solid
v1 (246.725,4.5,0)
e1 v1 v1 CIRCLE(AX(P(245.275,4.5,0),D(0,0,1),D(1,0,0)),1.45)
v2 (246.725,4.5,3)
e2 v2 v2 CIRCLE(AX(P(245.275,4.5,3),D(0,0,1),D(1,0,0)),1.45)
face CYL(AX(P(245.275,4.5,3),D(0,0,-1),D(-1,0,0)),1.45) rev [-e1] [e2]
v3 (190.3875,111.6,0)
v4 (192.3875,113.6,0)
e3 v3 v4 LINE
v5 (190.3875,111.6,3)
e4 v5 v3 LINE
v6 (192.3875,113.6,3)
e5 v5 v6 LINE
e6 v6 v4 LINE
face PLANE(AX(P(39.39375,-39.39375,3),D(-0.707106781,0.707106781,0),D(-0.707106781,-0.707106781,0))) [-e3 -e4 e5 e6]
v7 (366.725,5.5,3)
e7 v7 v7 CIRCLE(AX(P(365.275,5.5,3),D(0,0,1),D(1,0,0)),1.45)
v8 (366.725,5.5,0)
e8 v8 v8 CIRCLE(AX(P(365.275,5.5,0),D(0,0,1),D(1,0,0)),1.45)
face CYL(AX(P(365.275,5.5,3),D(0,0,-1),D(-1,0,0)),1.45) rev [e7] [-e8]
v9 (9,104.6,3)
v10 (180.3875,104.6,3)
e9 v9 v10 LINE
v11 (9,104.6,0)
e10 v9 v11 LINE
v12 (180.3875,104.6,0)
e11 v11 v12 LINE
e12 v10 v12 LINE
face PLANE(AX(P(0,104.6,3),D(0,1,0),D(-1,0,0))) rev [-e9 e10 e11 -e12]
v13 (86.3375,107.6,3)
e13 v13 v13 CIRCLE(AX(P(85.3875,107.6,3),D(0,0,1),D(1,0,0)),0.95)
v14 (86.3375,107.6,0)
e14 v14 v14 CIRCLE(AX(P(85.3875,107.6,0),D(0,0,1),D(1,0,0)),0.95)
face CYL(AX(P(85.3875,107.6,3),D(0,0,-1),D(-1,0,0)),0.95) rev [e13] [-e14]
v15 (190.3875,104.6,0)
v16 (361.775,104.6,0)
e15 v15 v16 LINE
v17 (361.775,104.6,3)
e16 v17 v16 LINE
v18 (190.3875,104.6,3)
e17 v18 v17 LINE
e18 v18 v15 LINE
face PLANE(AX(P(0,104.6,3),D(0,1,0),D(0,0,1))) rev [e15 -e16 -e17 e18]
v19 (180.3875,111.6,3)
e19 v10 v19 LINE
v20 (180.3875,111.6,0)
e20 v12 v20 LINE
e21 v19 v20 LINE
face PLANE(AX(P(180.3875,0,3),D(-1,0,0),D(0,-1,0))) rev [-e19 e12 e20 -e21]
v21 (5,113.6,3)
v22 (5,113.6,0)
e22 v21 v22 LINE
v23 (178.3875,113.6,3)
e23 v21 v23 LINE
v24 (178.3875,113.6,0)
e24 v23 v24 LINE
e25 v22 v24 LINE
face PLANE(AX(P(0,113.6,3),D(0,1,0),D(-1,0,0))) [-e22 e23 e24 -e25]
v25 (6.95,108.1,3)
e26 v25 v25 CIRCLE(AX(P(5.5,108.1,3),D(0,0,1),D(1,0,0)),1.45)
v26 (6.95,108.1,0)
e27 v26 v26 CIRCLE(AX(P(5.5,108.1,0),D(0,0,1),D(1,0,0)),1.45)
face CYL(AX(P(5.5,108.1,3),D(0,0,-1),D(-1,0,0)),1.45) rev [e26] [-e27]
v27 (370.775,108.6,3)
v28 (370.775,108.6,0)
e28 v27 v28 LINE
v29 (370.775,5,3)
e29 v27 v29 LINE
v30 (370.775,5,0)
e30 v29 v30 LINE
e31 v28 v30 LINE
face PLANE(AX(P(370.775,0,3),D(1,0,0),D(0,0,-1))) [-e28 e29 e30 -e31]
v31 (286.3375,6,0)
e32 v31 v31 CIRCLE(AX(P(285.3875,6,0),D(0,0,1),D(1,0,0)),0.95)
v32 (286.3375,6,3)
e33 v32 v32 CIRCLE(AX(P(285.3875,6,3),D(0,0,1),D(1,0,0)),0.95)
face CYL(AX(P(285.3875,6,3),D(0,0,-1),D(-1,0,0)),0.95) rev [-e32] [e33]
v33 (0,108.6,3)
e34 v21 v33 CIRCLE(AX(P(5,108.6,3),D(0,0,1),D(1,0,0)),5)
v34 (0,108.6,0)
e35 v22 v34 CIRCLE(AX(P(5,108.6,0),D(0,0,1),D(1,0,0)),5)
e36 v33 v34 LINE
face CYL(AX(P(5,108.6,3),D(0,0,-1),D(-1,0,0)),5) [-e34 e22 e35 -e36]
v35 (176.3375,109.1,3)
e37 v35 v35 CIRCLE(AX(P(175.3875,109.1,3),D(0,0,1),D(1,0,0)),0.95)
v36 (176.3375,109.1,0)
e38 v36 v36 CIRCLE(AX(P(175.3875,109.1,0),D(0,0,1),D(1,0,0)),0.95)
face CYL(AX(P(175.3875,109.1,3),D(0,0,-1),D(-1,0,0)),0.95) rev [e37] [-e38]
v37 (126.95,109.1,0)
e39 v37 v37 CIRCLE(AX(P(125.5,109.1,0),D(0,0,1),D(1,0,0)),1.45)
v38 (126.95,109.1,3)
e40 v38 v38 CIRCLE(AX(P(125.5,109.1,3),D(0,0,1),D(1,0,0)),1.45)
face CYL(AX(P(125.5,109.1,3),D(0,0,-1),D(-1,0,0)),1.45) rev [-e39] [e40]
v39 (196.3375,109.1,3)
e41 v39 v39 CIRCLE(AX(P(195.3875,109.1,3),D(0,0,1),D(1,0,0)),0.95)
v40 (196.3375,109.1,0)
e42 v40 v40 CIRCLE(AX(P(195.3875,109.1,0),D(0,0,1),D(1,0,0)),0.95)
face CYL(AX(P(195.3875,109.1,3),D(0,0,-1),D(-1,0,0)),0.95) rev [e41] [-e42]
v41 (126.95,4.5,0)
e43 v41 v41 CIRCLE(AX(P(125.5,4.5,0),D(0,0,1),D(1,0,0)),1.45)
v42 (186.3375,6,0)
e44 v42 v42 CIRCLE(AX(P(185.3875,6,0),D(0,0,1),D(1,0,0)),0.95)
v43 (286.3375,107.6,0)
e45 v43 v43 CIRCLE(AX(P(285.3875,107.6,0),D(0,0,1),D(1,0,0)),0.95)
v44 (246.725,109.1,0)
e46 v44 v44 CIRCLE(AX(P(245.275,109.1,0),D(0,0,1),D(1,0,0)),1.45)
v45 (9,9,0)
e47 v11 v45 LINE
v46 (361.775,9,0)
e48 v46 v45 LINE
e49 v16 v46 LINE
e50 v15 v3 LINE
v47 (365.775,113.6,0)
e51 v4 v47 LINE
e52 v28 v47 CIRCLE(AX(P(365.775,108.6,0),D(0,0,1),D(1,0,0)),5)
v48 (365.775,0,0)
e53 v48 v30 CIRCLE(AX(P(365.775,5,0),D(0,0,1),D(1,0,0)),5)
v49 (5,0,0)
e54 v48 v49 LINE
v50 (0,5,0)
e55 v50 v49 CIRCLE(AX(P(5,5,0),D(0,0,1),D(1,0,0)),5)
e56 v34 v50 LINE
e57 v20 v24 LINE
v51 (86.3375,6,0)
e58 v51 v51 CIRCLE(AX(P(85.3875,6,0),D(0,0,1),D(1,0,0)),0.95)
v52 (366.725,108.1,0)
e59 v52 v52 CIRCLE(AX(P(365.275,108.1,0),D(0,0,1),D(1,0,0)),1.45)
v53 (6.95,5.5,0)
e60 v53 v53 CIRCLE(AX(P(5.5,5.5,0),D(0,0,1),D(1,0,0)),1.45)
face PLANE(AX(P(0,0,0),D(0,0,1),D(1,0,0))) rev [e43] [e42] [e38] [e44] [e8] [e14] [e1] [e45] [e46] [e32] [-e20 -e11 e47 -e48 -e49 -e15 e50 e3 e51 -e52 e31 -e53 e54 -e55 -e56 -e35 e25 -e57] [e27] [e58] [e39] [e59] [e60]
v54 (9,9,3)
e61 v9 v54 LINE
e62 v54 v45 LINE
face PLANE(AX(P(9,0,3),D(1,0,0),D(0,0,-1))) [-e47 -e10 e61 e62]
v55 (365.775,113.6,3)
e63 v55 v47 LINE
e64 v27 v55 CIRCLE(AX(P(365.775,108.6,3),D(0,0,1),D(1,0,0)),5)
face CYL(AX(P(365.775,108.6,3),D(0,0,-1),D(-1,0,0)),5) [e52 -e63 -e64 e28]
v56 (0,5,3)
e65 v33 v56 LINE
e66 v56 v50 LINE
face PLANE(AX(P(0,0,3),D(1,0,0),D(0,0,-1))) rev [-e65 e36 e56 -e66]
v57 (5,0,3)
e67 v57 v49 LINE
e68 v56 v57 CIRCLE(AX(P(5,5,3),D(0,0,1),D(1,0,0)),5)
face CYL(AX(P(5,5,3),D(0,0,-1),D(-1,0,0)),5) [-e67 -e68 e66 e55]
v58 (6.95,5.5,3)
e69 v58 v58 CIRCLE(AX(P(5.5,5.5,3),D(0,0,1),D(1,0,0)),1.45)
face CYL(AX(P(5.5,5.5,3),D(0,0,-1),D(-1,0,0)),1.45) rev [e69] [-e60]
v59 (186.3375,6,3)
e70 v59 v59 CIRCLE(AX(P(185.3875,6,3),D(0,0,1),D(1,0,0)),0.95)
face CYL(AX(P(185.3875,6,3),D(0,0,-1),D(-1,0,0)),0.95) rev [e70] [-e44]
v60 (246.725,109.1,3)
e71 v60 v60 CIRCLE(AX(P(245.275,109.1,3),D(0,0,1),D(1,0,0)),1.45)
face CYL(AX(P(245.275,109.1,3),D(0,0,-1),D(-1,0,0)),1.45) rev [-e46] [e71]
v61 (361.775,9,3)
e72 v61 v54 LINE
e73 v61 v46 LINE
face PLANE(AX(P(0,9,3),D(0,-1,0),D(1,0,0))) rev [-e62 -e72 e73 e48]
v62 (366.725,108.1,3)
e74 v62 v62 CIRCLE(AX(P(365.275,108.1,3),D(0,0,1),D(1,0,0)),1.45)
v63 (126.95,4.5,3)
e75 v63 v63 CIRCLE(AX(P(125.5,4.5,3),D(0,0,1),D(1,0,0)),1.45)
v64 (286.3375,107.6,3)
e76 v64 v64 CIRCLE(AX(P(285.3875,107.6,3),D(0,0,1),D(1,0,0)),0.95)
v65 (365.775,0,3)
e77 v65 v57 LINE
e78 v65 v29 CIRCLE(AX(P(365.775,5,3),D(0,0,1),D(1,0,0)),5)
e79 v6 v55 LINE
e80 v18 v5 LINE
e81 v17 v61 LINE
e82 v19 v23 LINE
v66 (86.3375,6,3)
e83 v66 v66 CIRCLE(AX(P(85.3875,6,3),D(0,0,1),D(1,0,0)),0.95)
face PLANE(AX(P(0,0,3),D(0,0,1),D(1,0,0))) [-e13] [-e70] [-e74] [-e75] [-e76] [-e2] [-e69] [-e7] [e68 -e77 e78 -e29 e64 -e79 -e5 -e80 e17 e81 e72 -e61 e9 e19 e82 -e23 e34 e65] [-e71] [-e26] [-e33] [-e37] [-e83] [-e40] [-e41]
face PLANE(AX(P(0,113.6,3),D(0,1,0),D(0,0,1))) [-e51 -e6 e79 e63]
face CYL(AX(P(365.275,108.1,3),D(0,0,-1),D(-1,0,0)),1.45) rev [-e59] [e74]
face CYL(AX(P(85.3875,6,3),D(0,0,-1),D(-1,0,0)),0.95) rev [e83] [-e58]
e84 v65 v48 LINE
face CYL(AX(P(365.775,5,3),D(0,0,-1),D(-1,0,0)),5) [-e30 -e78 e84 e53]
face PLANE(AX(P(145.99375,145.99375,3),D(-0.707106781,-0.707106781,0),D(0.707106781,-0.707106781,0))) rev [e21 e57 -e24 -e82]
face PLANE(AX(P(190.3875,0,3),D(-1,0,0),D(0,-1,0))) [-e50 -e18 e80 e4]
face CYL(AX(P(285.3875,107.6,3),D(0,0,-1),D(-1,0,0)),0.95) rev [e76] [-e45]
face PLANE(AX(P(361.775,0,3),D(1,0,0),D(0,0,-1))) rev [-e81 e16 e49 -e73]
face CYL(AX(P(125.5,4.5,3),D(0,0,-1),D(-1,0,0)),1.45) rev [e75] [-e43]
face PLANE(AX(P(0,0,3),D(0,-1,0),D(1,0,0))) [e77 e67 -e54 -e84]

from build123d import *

# Parameters (mm, degrees)
MODEL_R             = 1.45
MODEL_R_2           = 0.95
BOSS_EXTRUDE1_DEPTH = 3


with BuildPart() as part:
    # Model → Boss-Extrude1 (new body)
    with BuildSketch(Plane.XY):
        with BuildLine():
            Line((5, 113.6), (178.3875, 113.6))
            Line((178.3875, 113.6), (180.3875, 111.6))
            Line((180.3875, 111.6), (180.3875, 104.6))
            Line((180.3875, 104.6), (9, 104.6))
            Line((9, 104.6), (9, 9))
            Line((9, 9), (361.775, 9))
            Line((361.775, 9), (361.775, 104.6))
            Line((361.775, 104.6), (190.3875, 104.6))
            Line((190.3875, 104.6), (190.3875, 111.6))
            Line((190.3875, 111.6), (192.3875, 113.6))
            Line((192.3875, 113.6), (365.775, 113.6))
            ThreePointArc((365.775, 113.6), (369.310533906, 112.135533906), (370.775, 108.6))
            Line((370.775, 108.6), (370.775, 5))
            ThreePointArc((370.775, 5), (369.310533906, 1.464466094), (365.775, 0))
            Line((365.775, 0), (5, 0))
            ThreePointArc((5, 0), (1.464466094, 1.464466094), (0, 5))
            Line((0, 5), (0, 108.6))
            ThreePointArc((0, 108.6), (1.464466094, 112.135533906), (5, 113.6))
        make_face()
        with Locations((245.275, 109.1)):
            Circle(MODEL_R, mode=Mode.SUBTRACT)
        with Locations((125.5, 109.1)):
            Circle(MODEL_R, mode=Mode.SUBTRACT)
        with Locations((245.275, 4.5)):
            Circle(MODEL_R, mode=Mode.SUBTRACT)
        with Locations((285.3875, 6)):
            Circle(MODEL_R_2, mode=Mode.SUBTRACT)
        with Locations((185.3875, 6)):
            Circle(MODEL_R_2, mode=Mode.SUBTRACT)
        with Locations((85.3875, 6)):
            Circle(MODEL_R_2, mode=Mode.SUBTRACT)
        with Locations((285.3875, 107.6)):
            Circle(MODEL_R_2, mode=Mode.SUBTRACT)
        with Locations((85.3875, 107.6)):
            Circle(MODEL_R_2, mode=Mode.SUBTRACT)
        with Locations((365.275, 108.1)):
            Circle(MODEL_R, mode=Mode.SUBTRACT)
        with Locations((365.275, 5.5)):
            Circle(MODEL_R, mode=Mode.SUBTRACT)
        with Locations((5.5, 5.5)):
            Circle(MODEL_R, mode=Mode.SUBTRACT)
        with Locations((5.5, 108.1)):
            Circle(MODEL_R, mode=Mode.SUBTRACT)
        with Locations((175.3875, 109.1)):
            Circle(MODEL_R_2, mode=Mode.SUBTRACT)
        with Locations((195.3875, 109.1)):
            Circle(MODEL_R_2, mode=Mode.SUBTRACT)
        with Locations((125.5, 4.5)):
            Circle(MODEL_R, mode=Mode.SUBTRACT)
    extrude(amount=BOSS_EXTRUDE1_DEPTH)


solid = part.part
